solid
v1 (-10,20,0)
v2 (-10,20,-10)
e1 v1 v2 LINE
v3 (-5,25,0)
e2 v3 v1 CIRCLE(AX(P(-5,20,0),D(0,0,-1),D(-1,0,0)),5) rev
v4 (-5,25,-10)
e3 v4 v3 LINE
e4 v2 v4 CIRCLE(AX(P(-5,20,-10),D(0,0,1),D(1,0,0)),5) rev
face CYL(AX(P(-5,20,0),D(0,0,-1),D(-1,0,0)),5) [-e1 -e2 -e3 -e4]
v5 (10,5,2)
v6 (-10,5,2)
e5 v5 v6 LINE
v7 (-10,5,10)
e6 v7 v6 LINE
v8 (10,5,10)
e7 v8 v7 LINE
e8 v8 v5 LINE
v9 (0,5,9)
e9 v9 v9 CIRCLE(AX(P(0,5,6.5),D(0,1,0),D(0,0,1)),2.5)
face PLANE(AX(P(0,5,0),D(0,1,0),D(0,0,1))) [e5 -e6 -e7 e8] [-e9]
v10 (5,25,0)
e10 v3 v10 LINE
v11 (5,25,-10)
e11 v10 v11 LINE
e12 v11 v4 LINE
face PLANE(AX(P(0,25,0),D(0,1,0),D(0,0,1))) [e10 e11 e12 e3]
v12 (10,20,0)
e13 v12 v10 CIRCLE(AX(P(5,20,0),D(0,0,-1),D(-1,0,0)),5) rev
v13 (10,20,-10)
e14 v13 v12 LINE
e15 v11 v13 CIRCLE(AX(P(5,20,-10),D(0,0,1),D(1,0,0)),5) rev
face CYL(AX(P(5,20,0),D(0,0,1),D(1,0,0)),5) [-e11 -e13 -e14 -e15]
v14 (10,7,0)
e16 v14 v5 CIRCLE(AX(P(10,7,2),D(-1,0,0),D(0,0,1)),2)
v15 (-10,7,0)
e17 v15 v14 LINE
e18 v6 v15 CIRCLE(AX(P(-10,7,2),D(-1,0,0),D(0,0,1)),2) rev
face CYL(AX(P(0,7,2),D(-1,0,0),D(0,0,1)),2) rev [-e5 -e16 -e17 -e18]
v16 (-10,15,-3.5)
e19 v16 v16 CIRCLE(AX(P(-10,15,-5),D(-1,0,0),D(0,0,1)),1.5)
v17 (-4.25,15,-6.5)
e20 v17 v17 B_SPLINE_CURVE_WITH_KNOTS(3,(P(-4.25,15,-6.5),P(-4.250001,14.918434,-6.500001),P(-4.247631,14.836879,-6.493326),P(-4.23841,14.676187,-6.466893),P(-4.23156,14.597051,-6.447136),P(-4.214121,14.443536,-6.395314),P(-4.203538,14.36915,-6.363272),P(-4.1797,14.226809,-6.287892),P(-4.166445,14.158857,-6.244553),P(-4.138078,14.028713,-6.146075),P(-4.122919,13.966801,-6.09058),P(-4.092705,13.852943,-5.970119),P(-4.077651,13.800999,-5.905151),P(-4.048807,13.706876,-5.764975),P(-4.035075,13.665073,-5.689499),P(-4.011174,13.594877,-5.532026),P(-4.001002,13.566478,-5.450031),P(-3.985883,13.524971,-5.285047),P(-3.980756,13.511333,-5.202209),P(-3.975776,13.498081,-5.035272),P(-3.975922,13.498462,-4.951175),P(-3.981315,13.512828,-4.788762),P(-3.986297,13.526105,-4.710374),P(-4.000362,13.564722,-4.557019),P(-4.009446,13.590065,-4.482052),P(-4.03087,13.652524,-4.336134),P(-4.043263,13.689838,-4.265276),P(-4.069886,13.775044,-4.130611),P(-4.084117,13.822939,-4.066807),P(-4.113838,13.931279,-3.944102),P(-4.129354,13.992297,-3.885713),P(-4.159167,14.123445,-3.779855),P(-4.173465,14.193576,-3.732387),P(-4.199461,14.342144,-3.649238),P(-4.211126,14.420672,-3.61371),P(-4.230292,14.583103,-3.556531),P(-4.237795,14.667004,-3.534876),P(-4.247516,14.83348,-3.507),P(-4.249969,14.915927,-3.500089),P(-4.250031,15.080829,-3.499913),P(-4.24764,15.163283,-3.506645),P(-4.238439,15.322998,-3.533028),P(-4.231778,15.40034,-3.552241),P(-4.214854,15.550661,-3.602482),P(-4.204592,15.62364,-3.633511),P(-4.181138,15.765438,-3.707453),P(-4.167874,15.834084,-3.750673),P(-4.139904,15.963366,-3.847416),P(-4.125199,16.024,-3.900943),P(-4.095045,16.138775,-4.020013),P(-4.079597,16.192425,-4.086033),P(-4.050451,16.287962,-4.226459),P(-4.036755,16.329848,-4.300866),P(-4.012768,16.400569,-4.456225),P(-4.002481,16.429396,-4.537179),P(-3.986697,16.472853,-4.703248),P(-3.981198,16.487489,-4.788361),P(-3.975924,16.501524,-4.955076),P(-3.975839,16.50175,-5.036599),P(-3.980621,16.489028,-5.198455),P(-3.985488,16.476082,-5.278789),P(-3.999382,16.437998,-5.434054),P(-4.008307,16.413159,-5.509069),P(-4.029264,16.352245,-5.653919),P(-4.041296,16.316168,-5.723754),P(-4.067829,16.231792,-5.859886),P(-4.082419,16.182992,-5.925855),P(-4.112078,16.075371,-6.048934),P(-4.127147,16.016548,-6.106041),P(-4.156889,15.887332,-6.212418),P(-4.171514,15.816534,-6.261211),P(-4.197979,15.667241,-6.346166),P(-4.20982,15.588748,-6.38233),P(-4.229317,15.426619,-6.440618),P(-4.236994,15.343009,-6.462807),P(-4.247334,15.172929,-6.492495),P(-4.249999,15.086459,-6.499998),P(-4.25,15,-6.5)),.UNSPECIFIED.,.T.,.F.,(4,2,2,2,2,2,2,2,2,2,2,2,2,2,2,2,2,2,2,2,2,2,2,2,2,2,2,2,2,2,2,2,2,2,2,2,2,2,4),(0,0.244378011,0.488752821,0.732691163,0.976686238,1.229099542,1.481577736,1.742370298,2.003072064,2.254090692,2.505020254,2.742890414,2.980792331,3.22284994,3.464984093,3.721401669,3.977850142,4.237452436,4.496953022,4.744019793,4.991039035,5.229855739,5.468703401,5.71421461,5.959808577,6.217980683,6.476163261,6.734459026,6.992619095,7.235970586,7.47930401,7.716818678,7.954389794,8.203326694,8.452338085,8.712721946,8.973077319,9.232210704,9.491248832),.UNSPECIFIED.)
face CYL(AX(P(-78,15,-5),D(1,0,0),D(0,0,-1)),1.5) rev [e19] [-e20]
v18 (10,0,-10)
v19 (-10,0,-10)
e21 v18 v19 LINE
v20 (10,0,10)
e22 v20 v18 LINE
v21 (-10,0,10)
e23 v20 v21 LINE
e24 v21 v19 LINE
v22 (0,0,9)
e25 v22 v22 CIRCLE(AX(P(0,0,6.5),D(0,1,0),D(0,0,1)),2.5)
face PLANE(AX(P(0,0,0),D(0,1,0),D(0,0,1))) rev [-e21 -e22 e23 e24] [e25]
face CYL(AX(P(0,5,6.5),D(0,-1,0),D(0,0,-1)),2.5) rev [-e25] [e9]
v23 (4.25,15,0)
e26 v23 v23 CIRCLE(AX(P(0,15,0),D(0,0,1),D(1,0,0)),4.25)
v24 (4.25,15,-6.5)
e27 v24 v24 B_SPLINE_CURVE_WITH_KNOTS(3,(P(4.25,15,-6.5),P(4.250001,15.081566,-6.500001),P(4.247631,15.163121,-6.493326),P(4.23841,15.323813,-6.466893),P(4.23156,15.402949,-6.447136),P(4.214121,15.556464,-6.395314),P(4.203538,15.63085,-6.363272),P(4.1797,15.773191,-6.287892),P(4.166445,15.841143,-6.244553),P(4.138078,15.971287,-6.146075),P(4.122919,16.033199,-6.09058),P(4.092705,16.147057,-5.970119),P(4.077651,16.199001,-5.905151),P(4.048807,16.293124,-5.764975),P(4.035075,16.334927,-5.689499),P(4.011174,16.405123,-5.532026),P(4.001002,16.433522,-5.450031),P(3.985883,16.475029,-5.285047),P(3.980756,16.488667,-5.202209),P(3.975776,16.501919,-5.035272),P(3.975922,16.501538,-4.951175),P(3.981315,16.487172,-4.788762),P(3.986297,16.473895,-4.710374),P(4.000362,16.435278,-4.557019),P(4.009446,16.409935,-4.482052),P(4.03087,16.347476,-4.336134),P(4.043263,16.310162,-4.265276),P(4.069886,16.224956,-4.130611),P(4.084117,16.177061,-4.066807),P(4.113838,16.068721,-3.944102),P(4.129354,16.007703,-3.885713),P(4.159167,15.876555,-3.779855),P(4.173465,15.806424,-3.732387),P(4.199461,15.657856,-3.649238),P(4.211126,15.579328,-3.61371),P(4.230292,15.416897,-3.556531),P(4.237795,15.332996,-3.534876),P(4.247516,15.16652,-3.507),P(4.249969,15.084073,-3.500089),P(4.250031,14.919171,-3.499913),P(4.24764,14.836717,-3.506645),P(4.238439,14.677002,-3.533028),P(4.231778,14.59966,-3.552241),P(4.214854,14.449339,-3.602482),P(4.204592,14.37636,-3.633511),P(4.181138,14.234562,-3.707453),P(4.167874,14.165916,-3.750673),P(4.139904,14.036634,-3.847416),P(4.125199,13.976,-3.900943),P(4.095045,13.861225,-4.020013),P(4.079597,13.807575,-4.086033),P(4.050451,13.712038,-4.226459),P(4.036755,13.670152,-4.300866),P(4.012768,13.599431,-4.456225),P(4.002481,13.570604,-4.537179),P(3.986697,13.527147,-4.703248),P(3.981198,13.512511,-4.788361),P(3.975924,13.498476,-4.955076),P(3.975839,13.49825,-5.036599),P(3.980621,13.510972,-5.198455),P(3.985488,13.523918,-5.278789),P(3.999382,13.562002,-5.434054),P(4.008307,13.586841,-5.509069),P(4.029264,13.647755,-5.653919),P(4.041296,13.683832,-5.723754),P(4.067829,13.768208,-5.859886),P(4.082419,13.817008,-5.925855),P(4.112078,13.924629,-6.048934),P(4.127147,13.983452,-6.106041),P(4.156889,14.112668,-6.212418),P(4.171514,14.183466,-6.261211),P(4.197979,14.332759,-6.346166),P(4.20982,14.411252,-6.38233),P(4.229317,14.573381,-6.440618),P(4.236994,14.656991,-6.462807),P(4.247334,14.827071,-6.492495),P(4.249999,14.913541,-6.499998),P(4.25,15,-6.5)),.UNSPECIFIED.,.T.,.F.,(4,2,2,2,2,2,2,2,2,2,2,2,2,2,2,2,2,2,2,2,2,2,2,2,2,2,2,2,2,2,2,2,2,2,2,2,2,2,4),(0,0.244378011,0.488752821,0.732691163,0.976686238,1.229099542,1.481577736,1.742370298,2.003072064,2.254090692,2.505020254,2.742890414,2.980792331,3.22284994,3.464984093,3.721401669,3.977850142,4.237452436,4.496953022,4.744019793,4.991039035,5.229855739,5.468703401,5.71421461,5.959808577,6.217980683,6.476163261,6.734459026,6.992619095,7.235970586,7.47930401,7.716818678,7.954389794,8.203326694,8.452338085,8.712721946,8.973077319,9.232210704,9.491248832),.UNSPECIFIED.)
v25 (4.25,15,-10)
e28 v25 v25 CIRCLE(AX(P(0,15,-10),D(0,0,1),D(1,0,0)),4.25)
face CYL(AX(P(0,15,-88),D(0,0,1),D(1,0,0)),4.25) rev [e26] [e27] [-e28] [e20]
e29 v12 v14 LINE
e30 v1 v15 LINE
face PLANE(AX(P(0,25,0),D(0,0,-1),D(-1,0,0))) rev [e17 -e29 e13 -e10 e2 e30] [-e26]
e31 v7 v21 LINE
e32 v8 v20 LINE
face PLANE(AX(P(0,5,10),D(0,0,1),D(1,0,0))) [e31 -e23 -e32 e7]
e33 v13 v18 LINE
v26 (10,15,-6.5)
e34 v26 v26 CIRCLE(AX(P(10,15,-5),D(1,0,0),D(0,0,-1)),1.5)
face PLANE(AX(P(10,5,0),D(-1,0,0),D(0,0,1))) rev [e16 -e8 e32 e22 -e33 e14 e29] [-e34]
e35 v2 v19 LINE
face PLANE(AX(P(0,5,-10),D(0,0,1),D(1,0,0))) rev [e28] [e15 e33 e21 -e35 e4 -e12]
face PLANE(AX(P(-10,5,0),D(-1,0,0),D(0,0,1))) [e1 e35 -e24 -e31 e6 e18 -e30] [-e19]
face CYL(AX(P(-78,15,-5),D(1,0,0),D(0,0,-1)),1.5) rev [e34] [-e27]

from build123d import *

# Parameters (mm, degrees)
SKETCH2_W           = 20
SKETCH2_H           = 20
SKETCH2_R           = 2.5
BOSS_EXTRUDE1_DEPTH = 5
SKETCH2_3_W         = 20
SKETCH2_3_H         = 10
BOSS_EXTRUDE2_DEPTH = 25
SKETCH4_R           = 4.25
CUT_EXTRUDE1_DEPTH  = 88
SKETCH5_R           = 1.5
CUT_EXTRUDE2_DEPTH  = 88
FILLET1_R           = 5
FILLET2_R           = 2


with BuildPart() as part:
    # Sketch2 → Boss-Extrude1 (new body)
    with BuildSketch(Plane(origin=(0, 0, 0), x_dir=(1, 0, 0), z_dir=(0, 1, 0))):
        Rectangle(SKETCH2_W, SKETCH2_H)
        with Locations((0, -6.5)):
            Circle(SKETCH2_R, mode=Mode.SUBTRACT)
    extrude(amount=BOSS_EXTRUDE1_DEPTH)

    # Sketch2<3> → Boss-Extrude2 (add)
    with BuildSketch(Plane(origin=(0, 0, 0), x_dir=(1, 0, 0), z_dir=(0, 1, 0))):
        with Locations((0, 5)):
            Rectangle(SKETCH2_3_W, SKETCH2_3_H)
    extrude(amount=BOSS_EXTRUDE2_DEPTH)

    # Sketch4 → Cut-Extrude1 (cut)
    with BuildSketch(Plane.XY):
        with Locations((0, 15)):
            Circle(SKETCH4_R)
    extrude(amount=-CUT_EXTRUDE1_DEPTH, mode=Mode.SUBTRACT)

    # Sketch5 → Cut-Extrude2 (cut)
    with BuildSketch(Plane(origin=(10, 0, 0), x_dir=(0, 0, -1), z_dir=(1, 0, 0))):
        with Locations((5, 15)):
            Circle(SKETCH5_R)
    extrude(amount=-CUT_EXTRUDE2_DEPTH, mode=Mode.SUBTRACT)

    # Fillet1
    fillet1_edges = [part.edges().sort_by_distance(p)[0] for p in [
        (-10, 25, -5),
        (10, 25, -5),
    ]]
    fillet(fillet1_edges, radius=FILLET1_R)

    # Fillet2
    fillet2_edges = [part.edges().sort_by_distance(p)[0] for p in [
        (0, 5, 0),
    ]]
    fillet(fillet2_edges, radius=FILLET2_R)


solid = part.part
